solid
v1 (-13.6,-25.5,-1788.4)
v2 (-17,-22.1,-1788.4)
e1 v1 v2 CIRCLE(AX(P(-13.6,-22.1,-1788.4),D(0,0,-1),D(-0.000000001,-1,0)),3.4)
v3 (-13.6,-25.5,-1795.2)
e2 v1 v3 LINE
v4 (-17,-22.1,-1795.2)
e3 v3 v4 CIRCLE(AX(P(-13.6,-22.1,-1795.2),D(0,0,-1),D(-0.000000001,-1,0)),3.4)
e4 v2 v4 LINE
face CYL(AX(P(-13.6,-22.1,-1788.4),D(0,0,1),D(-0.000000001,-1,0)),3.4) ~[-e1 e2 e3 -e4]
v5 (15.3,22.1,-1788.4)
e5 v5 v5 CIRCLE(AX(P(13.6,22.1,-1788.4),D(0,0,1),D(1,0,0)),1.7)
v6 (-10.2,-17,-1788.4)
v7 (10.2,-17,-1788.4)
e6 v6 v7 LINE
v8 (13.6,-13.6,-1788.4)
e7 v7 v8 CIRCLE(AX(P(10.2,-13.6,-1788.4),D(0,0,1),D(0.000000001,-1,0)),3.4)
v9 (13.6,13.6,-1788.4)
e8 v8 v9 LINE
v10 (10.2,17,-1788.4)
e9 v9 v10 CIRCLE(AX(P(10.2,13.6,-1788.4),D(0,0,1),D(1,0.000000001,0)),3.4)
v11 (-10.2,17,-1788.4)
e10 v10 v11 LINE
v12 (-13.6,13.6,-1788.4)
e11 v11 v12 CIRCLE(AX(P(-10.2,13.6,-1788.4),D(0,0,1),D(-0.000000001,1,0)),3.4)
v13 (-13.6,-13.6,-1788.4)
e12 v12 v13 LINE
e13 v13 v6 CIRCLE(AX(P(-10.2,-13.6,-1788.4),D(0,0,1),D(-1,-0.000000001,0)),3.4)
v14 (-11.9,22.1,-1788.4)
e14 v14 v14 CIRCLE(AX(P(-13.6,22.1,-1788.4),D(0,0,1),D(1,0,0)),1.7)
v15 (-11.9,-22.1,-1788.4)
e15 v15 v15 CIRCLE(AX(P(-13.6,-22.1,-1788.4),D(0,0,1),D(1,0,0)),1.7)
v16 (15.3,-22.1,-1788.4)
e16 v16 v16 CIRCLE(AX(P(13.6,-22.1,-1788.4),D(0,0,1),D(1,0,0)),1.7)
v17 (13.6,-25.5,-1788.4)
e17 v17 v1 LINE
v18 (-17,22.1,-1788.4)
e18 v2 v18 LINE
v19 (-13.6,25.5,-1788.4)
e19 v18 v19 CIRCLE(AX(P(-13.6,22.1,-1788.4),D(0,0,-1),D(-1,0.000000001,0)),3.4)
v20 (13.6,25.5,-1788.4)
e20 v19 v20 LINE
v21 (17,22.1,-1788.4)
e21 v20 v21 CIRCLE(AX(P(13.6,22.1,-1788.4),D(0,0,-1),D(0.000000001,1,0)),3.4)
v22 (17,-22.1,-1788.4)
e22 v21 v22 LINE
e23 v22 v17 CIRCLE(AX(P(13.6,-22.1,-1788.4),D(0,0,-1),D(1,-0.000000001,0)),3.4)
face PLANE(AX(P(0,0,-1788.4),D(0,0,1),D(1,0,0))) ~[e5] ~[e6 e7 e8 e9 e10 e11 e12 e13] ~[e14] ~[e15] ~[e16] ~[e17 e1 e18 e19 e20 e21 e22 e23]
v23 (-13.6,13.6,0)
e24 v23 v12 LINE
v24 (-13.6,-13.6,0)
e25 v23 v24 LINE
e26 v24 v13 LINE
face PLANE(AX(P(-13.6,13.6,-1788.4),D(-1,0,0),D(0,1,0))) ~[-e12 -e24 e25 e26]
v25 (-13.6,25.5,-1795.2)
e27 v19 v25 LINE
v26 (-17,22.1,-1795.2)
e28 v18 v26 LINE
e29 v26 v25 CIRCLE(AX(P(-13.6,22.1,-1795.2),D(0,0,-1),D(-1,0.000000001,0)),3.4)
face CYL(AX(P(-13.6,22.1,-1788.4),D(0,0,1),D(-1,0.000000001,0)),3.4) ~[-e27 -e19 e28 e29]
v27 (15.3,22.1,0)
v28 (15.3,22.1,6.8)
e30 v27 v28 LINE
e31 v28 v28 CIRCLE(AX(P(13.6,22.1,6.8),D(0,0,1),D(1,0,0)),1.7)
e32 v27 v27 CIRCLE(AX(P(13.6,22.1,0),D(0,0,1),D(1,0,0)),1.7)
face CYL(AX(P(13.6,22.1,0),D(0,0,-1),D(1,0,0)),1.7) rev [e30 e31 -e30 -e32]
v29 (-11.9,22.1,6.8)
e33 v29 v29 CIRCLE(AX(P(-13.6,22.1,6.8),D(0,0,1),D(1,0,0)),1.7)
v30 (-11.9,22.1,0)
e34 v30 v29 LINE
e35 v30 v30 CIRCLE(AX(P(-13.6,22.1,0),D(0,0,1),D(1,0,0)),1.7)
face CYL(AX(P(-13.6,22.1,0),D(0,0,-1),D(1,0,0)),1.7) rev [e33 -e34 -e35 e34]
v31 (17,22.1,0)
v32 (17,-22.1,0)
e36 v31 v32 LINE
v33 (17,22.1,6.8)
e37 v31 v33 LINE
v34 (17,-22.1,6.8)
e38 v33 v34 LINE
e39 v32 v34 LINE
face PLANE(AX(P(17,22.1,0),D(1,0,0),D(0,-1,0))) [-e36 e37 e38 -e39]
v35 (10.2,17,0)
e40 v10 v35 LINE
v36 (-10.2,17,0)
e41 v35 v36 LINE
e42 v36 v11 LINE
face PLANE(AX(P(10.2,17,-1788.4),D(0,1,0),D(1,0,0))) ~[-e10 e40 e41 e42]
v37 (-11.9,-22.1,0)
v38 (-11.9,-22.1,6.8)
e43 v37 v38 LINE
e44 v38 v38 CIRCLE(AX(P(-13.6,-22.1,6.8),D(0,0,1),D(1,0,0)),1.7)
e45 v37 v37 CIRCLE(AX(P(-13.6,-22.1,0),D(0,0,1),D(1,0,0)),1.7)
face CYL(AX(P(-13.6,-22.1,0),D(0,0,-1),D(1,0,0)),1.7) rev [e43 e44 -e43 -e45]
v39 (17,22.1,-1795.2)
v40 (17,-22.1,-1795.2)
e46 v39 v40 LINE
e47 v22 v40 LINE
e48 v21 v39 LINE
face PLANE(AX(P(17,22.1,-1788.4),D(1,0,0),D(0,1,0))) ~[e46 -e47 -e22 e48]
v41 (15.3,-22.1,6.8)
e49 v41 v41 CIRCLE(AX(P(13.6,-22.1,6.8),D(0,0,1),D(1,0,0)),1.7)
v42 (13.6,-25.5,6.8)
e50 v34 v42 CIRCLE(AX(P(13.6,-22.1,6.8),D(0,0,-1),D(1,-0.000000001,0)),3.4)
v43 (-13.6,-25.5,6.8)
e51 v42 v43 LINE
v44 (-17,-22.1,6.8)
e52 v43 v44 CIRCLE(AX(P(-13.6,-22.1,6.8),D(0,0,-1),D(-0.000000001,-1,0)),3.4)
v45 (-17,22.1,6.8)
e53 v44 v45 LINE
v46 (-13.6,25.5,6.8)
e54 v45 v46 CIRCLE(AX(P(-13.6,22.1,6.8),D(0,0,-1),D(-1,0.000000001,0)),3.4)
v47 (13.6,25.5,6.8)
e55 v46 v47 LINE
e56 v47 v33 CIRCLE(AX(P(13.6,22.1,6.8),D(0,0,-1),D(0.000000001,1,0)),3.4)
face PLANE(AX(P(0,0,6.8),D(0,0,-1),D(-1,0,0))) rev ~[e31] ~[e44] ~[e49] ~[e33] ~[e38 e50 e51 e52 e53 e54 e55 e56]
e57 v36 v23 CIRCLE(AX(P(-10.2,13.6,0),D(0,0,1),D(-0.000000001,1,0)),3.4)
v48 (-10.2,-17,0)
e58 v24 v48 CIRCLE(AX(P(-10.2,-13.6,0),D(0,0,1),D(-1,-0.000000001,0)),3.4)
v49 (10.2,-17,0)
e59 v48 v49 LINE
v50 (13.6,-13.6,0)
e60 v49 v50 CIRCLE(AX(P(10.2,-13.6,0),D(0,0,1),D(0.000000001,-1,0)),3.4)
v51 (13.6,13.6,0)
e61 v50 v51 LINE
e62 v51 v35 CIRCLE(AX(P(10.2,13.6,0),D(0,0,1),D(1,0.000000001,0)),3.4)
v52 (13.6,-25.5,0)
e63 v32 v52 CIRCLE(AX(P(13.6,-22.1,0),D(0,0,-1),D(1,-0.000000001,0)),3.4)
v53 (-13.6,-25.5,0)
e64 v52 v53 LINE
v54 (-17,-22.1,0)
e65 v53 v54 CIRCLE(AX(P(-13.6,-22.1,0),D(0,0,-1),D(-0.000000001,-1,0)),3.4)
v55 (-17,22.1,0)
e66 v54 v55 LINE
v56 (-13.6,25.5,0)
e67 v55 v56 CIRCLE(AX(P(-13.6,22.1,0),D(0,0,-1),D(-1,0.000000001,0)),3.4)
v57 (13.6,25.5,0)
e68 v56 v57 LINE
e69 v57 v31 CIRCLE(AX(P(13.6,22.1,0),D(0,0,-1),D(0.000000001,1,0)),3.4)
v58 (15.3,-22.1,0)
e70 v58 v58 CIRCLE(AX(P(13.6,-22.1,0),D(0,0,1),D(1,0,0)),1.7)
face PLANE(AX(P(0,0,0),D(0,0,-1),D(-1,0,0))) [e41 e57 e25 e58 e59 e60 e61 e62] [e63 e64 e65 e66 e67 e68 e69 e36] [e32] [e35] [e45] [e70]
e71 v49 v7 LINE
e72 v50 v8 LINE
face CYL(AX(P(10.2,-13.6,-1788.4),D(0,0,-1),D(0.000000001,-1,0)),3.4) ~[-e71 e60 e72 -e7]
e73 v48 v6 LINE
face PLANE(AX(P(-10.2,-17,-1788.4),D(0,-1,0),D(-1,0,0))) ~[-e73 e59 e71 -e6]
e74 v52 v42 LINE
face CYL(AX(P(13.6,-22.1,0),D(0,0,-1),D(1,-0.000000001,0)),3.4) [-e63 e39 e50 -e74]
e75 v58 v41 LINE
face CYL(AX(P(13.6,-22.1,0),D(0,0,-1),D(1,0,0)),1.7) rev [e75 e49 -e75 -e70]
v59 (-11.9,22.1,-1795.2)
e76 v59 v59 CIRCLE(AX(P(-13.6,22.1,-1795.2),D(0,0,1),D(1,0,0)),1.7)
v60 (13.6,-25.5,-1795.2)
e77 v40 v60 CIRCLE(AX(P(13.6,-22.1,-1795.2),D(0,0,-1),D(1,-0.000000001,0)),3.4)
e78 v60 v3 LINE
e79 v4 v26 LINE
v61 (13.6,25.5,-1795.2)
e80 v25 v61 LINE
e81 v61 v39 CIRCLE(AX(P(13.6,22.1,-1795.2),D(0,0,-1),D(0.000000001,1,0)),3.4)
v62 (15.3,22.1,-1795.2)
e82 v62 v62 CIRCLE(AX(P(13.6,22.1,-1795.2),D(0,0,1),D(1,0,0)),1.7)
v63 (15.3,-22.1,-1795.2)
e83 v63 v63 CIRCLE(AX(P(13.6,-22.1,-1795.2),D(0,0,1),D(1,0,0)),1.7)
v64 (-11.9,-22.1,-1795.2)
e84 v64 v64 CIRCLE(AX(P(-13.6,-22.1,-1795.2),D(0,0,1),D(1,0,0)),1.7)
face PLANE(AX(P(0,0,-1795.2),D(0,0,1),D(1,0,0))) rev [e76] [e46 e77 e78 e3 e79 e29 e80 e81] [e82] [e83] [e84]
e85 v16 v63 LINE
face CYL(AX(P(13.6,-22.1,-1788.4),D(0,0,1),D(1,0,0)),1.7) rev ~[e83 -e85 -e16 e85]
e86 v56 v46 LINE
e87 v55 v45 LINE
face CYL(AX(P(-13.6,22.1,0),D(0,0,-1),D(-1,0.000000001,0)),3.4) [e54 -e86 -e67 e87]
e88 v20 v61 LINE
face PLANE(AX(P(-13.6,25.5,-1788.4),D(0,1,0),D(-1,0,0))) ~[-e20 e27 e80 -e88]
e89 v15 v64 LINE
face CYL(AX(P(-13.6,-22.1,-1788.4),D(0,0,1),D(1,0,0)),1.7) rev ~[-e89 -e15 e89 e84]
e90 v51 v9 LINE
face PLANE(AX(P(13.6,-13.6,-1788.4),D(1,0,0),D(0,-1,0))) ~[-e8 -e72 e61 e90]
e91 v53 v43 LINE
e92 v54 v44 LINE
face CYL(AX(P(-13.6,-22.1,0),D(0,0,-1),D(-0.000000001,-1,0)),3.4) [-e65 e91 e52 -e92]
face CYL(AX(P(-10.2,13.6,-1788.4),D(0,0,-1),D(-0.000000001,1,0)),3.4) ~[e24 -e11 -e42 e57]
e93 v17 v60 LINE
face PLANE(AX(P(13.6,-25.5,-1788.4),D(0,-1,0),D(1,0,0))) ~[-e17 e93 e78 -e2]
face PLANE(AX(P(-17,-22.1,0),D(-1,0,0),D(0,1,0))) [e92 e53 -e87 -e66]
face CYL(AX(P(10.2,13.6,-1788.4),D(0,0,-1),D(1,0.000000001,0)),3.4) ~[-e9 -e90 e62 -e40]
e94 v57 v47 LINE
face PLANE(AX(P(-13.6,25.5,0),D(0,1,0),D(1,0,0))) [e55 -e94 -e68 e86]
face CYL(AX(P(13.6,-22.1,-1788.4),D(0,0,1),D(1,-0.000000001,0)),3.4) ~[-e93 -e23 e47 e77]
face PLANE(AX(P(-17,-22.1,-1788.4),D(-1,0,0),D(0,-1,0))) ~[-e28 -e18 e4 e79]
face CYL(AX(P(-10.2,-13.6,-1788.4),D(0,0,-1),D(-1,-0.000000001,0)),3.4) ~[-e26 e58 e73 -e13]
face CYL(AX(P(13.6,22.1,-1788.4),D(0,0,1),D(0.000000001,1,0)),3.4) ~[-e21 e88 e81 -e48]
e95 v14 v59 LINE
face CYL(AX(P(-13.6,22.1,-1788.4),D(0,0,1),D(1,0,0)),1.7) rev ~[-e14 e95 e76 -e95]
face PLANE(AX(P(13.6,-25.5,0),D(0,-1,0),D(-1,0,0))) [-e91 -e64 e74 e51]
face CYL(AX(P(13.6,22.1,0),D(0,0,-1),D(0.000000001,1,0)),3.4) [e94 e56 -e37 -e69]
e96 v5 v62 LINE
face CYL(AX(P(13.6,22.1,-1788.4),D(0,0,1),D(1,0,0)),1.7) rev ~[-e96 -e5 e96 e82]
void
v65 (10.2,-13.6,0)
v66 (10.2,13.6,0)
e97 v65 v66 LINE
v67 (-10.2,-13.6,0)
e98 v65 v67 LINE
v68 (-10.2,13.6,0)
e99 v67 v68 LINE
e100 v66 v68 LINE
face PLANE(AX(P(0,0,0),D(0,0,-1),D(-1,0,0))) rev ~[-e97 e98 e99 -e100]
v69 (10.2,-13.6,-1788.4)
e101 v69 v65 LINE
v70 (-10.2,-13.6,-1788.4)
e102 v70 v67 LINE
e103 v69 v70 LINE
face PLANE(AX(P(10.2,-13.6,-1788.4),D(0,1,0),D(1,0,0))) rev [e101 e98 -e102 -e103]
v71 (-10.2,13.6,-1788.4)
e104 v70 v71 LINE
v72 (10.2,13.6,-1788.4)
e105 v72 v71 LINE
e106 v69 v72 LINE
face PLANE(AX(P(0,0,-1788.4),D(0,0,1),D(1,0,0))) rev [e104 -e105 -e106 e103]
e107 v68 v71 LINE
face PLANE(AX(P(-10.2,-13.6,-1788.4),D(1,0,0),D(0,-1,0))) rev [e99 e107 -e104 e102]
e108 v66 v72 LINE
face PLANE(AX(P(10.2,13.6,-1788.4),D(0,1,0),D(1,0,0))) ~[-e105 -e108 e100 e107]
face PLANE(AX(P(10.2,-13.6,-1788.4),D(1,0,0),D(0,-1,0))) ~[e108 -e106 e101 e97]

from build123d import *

# Parameters (mm, degrees)
SKETCH_1_R        = 0.5
EXTRUDE_1_DEPTH   = 2
SKETCH_2_W        = 6
SKETCH_2_H        = 8
EXTRUDE_1_2_DEPTH = 263
SCALE_1_SCALE     = 2
SCALE_2_SCALE     = 1.7


with BuildPart() as part:
    # 草图1 → Extrude 1 (new body)
    with BuildSketch(Plane.XY):
        with BuildLine():
            Line((-4, 7.5), (4, 7.5))
            ThreePointArc((4, 7.5), (4.707106781, 7.207106781), (5, 6.5))
            Line((5, 6.5), (5, -6.5))
            ThreePointArc((5, -6.5), (4.707106781, -7.207106781), (4, -7.5))
            Line((4, -7.5), (-4, -7.5))
            ThreePointArc((-4, -7.5), (-4.707106781, -7.207106781), (-5, -6.5))
            Line((-5, -6.5), (-5, 6.5))
            ThreePointArc((-5, 6.5), (-4.707106781, 7.207106781), (-4, 7.5))
        make_face()
        with Locations((4, 6.5)):
            Circle(SKETCH_1_R, mode=Mode.SUBTRACT)
        with Locations((-4, 6.5)):
            Circle(SKETCH_1_R, mode=Mode.SUBTRACT)
        with Locations((4, -6.5)):
            Circle(SKETCH_1_R, mode=Mode.SUBTRACT)
        with Locations((-4, -6.5)):
            Circle(SKETCH_1_R, mode=Mode.SUBTRACT)
    extrude(amount=EXTRUDE_1_DEPTH)

    # 草图2 → Extrude 1 2 (add)
    with BuildSketch(Plane(origin=(0, 0, 0), x_dir=(-1, 0, 0), z_dir=(0, 0, -1))):
        with BuildLine():
            Line((-3, 5), (3, 5))
            ThreePointArc((3, 5), (3.707106781, 4.707106781), (4, 4))
            Line((4, 4), (4, -4))
            ThreePointArc((4, -4), (3.707106781, -4.707106781), (3, -5))
            Line((3, -5), (-3, -5))
            ThreePointArc((-3, -5), (-3.707106781, -4.707106781), (-4, -4))
            Line((-4, -4), (-4, 4))
            ThreePointArc((-4, 4), (-3.707106781, 4.707106781), (-3, 5))
        make_face()
        Rectangle(SKETCH_2_W, SKETCH_2_H, mode=Mode.SUBTRACT)
    extrude(amount=EXTRUDE_1_2_DEPTH)

    # 镜向1: part across plane


with BuildPart() as part_1:
    add(part.part)
    add(part.part.mirror(Plane(origin=(3, -4, -263), x_dir=(1, 0, 0), z_dir=(0, 0, -1))))


with BuildPart() as part_2:
    # 缩放比例1: scaled about (0, 0, 0)
    add(part_1.part.scale(SCALE_1_SCALE))


with BuildPart() as part_3:
    # 缩放比例2: scaled about (0, 0, 0)
    add(part_2.part.scale(SCALE_2_SCALE))


solid = part_3.part
